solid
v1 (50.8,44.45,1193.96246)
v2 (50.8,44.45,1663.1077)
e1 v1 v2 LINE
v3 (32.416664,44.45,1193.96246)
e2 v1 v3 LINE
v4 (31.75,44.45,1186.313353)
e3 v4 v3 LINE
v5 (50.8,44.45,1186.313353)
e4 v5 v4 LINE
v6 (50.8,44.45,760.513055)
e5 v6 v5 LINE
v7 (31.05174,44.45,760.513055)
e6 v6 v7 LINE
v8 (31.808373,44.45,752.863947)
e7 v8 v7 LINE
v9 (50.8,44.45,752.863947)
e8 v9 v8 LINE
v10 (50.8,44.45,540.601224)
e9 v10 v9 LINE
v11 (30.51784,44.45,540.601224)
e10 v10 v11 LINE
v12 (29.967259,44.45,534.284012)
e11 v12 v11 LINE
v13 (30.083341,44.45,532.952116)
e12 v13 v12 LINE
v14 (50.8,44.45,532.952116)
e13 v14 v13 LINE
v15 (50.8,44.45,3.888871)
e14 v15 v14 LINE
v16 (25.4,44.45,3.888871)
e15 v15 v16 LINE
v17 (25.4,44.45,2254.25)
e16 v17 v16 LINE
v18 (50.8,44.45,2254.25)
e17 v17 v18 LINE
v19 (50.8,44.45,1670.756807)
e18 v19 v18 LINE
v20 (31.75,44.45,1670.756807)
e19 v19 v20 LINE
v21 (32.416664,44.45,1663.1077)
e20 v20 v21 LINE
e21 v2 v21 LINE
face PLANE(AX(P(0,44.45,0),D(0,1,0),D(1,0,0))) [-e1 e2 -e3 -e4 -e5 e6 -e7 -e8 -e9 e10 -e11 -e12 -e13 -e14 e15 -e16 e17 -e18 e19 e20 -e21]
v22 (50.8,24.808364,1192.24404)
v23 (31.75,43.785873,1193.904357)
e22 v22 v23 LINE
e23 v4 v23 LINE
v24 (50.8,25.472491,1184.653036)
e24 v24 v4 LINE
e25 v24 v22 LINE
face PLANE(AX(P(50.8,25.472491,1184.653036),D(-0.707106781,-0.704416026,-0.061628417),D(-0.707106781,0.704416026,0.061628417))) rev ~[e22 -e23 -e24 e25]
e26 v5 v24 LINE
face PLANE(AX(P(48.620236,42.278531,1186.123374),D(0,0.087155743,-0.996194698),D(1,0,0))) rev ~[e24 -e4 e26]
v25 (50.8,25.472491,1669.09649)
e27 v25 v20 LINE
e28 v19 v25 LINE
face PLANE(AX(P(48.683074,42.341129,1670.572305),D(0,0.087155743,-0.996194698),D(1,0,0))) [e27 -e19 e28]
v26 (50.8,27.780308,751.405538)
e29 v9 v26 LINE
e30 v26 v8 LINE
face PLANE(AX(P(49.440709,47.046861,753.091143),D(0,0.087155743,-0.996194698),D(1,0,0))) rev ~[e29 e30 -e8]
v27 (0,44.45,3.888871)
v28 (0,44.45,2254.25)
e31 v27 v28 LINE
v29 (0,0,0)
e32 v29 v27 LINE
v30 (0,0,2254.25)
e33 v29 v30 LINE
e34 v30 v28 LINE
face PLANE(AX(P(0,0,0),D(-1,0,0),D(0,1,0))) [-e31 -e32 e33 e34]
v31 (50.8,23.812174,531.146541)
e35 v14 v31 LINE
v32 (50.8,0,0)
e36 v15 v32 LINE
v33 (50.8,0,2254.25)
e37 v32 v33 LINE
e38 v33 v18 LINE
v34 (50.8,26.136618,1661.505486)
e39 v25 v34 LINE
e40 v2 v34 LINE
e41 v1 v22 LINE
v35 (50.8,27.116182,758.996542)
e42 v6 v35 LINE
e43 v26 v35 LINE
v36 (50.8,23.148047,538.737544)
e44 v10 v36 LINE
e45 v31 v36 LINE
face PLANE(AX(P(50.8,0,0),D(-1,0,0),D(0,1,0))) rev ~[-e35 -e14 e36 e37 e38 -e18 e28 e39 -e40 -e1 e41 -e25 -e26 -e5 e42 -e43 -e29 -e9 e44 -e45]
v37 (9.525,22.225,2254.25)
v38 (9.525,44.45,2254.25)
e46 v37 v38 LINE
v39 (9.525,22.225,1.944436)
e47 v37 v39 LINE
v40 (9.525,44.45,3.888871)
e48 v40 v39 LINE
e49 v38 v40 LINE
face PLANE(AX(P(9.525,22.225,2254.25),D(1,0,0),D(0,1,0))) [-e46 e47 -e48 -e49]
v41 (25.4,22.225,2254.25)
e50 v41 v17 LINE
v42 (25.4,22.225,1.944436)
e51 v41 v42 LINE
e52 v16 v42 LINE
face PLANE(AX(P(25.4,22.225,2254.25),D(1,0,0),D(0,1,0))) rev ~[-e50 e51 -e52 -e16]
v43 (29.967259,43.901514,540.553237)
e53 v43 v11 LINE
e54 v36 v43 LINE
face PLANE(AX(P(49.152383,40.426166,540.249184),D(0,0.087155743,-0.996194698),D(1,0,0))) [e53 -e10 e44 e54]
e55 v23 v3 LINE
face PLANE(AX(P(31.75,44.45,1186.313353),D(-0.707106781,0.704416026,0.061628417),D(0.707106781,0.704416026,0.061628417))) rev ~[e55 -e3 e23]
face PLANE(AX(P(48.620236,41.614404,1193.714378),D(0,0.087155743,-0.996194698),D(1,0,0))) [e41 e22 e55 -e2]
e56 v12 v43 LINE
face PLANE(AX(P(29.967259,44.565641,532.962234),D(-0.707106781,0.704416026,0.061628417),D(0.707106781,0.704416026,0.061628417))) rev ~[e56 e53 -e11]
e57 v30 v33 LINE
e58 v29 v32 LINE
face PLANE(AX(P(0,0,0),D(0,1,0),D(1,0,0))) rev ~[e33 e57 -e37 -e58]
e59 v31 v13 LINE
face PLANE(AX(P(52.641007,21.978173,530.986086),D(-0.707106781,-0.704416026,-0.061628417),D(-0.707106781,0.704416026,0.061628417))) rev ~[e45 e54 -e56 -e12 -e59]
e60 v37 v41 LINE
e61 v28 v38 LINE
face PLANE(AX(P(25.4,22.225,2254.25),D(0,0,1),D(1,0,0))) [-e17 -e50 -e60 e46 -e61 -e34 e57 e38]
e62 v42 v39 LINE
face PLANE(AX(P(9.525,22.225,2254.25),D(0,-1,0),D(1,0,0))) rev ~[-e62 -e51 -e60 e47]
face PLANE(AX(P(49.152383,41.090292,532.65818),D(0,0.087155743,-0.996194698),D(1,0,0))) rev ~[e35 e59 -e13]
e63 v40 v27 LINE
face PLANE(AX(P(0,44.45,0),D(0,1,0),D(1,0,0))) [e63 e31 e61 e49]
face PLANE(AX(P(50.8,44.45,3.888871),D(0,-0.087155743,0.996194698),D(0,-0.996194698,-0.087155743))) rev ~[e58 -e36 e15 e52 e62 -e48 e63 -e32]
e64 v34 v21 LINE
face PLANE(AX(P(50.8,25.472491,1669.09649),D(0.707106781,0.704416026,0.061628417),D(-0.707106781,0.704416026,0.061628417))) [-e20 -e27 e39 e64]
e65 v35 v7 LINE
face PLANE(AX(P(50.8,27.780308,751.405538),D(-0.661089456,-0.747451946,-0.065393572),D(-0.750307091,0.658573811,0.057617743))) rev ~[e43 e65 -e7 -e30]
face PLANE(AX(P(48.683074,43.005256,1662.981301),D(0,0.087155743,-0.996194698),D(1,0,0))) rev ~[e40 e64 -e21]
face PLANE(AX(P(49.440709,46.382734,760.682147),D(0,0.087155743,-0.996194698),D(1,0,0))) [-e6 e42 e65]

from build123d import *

# Parameters (mm, degrees)
F0_W      = 50.8
F0_H      = 44.45
F1_DEPTH  = 2254.25
F2_W      = 15.875
F2_H      = 22.225
F3_DEPTH  = 2260.6
F5_DEPTH  = 76.2
F11_DEPTH = 7.62
F13_DEPTH = 7.62
F15_DEPTH = 7.62
F17_DEPTH = 7.62


with BuildPart() as f1:
    # F0 (on Top) → F1 (new body)
    with BuildSketch(Plane.XY):
        with Locations((25.4, 22.225)):
            Rectangle(F0_W, F0_H)
    extrude(amount=F1_DEPTH)

    # F2 (on face) → F3 (cut)
    with BuildSketch(Plane.XY.offset(2254.25)):
        with Locations((17.4625, 33.3375)):
            Rectangle(F2_W, F2_H)
    extrude(amount=-F3_DEPTH, mode=Mode.SUBTRACT)

    # F4 (on face) → F5 (cut)
    with BuildSketch(Plane.YZ.offset(50.8)):
        Polygon((44.45, 3.8888710937), (0, 0), (44.45, 0), align=None)
    extrude(amount=-F5_DEPTH, mode=Mode.SUBTRACT)

    # F10 (on offset) → F11 (cut)
    with BuildSketch(Plane(origin=(0, -45.9354342152, 525.0444156293), x_dir=(1, 0, 0), z_dir=(0, 0.0871557427, -0.9961946981))):
        Polygon((68.3375078249, -83.8695270738), (52.6410068005, -68.1730260494), (29.9672586024, -90.8467742476), (45.6637596268, -106.543275272), align=None)
    extrude(amount=-F11_DEPTH, mode=Mode.SUBTRACT)

    # F12 (on offset) → F13 (cut)
    with BuildSketch(Plane(origin=(0, -65.0290785576, 743.2857691137), x_dir=(1, 0, 0), z_dir=(0, 0.0871557427, -0.9961946981))):
        Polygon((50.8, -93.1639036529), (30.0833409598, -111.4171829045), (48.0814183777, -131.8441992288), (68.7980774179, -113.5909199772), align=None)
    extrude(amount=-F13_DEPTH, mode=Mode.SUBTRACT)

    # F14 (on offset) → F15 (cut)
    with BuildSketch(Plane(origin=(0, -102.662928276, 1173.4426397497), x_dir=(1, 0, 0), z_dir=(0, 0.0871557427, -0.9961946981))):
        Polygon((50.8, -128.6248757626), (31.75, -147.6748757626), (46.4404728378, -162.3653486004), (65.4904728378, -143.3153486004), align=None)
    extrude(amount=-F15_DEPTH, mode=Mode.SUBTRACT)

    # F16 (on offset) → F17 (cut)
    with BuildSketch(Plane(origin=(0, -144.7242897261, 1654.2062010488), x_dir=(1, 0, 0), z_dir=(0, 0.0871557427, -0.9961946981))):
        Polygon((50.8, -170.8469047802), (31.75, -189.8969047802), (46.5661471594, -204.7130519396), (65.6161471594, -185.6630519396), align=None)
    extrude(amount=F17_DEPTH, mode=Mode.SUBTRACT)


solid = f1.part
